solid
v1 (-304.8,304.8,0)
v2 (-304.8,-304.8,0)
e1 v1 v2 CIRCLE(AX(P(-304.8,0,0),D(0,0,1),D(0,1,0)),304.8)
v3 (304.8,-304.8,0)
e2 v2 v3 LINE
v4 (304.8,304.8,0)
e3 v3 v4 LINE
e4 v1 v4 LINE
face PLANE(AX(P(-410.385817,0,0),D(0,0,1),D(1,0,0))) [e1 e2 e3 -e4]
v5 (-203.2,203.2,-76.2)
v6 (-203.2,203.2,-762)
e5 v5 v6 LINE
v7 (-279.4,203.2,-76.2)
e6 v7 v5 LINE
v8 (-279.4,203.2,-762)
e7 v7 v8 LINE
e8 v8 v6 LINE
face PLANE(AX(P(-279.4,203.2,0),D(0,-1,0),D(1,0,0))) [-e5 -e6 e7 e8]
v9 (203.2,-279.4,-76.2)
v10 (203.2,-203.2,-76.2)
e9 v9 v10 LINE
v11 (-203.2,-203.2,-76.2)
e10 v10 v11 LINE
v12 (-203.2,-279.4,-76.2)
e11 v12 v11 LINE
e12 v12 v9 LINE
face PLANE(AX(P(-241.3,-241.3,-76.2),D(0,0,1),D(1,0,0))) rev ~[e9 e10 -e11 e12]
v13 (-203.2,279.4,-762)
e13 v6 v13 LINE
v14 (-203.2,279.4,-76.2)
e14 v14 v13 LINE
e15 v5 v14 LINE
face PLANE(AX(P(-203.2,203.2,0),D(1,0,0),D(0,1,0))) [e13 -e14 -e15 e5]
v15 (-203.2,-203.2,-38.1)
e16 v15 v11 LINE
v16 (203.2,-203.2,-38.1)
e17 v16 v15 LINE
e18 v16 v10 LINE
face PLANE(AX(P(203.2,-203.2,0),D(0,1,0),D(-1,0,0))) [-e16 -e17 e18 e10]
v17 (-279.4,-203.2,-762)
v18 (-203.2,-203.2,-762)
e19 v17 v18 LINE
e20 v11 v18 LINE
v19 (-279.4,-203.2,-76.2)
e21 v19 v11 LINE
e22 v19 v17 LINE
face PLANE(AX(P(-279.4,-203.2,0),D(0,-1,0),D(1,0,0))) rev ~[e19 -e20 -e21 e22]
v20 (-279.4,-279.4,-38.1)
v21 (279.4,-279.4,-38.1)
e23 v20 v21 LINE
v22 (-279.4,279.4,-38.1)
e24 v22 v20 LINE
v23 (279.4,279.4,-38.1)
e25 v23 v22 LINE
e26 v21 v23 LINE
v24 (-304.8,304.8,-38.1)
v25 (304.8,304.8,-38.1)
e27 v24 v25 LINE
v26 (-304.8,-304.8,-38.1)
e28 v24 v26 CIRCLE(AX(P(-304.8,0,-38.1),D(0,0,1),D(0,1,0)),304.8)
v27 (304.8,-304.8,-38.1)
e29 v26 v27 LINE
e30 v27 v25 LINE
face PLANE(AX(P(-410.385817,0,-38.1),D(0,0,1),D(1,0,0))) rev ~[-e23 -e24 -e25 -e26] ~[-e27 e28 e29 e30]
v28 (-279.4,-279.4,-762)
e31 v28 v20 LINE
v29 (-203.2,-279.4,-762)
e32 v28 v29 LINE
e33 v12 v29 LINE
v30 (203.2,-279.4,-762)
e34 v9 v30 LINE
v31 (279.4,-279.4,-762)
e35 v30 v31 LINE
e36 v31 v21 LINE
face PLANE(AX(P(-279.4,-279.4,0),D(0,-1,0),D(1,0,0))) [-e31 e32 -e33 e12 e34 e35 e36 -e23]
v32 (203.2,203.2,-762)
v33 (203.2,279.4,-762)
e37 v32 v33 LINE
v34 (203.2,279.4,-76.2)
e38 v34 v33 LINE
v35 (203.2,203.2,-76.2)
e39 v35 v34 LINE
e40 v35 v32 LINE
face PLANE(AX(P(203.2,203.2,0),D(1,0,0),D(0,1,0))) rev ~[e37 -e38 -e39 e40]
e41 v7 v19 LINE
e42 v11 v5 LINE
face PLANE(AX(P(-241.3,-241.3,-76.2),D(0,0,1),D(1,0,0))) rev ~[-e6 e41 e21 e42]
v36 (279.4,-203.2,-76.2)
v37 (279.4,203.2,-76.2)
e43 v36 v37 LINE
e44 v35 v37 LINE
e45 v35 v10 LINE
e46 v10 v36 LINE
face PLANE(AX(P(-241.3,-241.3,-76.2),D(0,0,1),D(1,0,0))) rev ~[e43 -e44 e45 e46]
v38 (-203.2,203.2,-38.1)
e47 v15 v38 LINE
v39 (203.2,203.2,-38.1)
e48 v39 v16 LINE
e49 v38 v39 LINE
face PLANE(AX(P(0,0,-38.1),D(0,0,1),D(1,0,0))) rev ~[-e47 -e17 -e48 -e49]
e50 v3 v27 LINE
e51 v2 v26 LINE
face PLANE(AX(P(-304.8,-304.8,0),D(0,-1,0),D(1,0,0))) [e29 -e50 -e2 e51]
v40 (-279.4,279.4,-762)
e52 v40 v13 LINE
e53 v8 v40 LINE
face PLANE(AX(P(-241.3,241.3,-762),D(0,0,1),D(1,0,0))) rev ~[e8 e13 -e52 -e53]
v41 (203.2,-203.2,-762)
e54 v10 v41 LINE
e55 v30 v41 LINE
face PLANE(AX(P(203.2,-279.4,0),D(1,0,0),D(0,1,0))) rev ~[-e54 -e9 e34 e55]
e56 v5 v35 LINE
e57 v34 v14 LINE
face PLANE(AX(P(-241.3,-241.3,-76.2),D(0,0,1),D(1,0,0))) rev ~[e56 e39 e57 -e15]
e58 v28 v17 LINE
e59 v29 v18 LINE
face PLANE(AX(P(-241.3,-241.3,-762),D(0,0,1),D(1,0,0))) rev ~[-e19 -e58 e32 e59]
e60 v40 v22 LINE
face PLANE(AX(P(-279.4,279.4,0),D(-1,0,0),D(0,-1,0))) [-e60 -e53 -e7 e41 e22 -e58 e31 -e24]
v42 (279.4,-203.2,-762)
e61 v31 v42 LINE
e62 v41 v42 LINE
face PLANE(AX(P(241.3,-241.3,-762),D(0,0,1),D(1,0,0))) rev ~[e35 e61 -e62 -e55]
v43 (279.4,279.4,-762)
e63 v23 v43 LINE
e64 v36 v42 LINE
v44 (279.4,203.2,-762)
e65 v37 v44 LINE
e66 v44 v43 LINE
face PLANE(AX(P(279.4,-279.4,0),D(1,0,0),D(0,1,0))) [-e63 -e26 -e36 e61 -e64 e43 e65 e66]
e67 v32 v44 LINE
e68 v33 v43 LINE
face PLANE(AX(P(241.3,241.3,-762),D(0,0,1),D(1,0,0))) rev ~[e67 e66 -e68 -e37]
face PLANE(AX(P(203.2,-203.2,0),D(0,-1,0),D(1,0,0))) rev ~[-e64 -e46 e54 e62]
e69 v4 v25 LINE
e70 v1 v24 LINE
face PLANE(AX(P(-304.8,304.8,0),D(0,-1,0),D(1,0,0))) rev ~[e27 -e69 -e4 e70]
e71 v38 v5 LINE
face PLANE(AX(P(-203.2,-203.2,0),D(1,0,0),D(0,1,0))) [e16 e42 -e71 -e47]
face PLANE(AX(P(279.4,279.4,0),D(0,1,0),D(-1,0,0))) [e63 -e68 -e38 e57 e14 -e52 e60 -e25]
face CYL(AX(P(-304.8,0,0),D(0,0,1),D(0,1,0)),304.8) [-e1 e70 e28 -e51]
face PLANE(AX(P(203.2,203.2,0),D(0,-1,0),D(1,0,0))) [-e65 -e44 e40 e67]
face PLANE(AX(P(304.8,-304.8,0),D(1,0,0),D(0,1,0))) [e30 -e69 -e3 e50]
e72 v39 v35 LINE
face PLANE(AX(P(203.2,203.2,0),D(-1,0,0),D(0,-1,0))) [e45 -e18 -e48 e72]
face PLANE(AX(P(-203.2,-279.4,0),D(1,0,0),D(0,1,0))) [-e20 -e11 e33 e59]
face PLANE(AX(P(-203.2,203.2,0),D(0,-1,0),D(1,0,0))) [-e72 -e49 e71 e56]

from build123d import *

# Parameters (mm, degrees)
F0_W     = 609.6
F0_H     = 609.6
F0_W_2   = 76.2
F0_H_2   = 76.2
F0_W_3   = 406.4
F0_H_3   = 406.4
F1_DEPTH = 38.1
F2_DEPTH = 76.2
F3_DEPTH = 762
F6_DEPTH = 38.1


with BuildPart() as f1:
    # F0 (on Top) → F1 (new body)
    with BuildSketch(Plane.XY):
        Rectangle(F0_W, F0_H)
        Polygon((203.2, 279.4), (279.4, 279.4), (279.4, 203.2), (279.4, -203.2), (279.4, -279.4), (203.2, -279.4), (-203.2, -279.4), (-279.4, -279.4), (-279.4, -203.2), (-279.4, 203.2), (-279.4, 279.4), (-203.2, 279.4), align=None, mode=Mode.SUBTRACT)
        with Locations((-241.3, 241.3)):
            Rectangle(F0_W_2, F0_H_2)
        with Locations((0, 241.3)):
            Rectangle(F0_W_3, F0_H_2)
        with Locations((241.3, 241.3)):
            Rectangle(F0_W_2, F0_H_2)
        with Locations((241.3, 0)):
            Rectangle(F0_W_2, F0_H_3)
        with Locations((241.3, -241.3)):
            Rectangle(F0_W_2, F0_H_2)
        with Locations((0, -241.3)):
            Rectangle(F0_W_3, F0_H_2)
        with Locations((-241.3, -241.3)):
            Rectangle(F0_W_2, F0_H_2)
        with Locations((-241.3, 0)):
            Rectangle(F0_W_2, F0_H_3)
        Rectangle(F0_W_3, F0_H_3)
    extrude(amount=-F1_DEPTH)

    # F0 (on Top) → F2 (join)
    with BuildSketch(Plane.XY):
        with Locations((-241.3, -241.3)):
            Rectangle(F0_W_2, F0_H_2)
        with Locations((-241.3, 0)):
            Rectangle(F0_W_2, F0_H_3)
        with Locations((0, -241.3)):
            Rectangle(F0_W_3, F0_H_2)
        with Locations((241.3, -241.3)):
            Rectangle(F0_W_2, F0_H_2)
        with Locations((241.3, 0)):
            Rectangle(F0_W_2, F0_H_3)
        with Locations((241.3, 241.3)):
            Rectangle(F0_W_2, F0_H_2)
        with Locations((0, 241.3)):
            Rectangle(F0_W_3, F0_H_2)
        with Locations((-241.3, 241.3)):
            Rectangle(F0_W_2, F0_H_2)
    extrude(amount=-F2_DEPTH)

    # F0 (on Top) → F3 (join)
    with BuildSketch(Plane.XY):
        with Locations((-241.3, 241.3)):
            Rectangle(F0_W_2, F0_H_2)
        with Locations((-241.3, -241.3)):
            Rectangle(F0_W_2, F0_H_2)
        with Locations((241.3, -241.3)):
            Rectangle(F0_W_2, F0_H_2)
        with Locations((241.3, 241.3)):
            Rectangle(F0_W_2, F0_H_2)
    extrude(amount=-F3_DEPTH)

    # F5 (on face) → F6 (join)
    with BuildSketch(Plane.XY):
        with BuildLine():
            ThreePointArc((-304.8, 304.8), (-609.6, 0), (-304.8, -304.8))
            Line((-304.8, -304.8), (-304.8, 304.8))
        make_face()
    extrude(amount=-F6_DEPTH)


solid = f1.part
